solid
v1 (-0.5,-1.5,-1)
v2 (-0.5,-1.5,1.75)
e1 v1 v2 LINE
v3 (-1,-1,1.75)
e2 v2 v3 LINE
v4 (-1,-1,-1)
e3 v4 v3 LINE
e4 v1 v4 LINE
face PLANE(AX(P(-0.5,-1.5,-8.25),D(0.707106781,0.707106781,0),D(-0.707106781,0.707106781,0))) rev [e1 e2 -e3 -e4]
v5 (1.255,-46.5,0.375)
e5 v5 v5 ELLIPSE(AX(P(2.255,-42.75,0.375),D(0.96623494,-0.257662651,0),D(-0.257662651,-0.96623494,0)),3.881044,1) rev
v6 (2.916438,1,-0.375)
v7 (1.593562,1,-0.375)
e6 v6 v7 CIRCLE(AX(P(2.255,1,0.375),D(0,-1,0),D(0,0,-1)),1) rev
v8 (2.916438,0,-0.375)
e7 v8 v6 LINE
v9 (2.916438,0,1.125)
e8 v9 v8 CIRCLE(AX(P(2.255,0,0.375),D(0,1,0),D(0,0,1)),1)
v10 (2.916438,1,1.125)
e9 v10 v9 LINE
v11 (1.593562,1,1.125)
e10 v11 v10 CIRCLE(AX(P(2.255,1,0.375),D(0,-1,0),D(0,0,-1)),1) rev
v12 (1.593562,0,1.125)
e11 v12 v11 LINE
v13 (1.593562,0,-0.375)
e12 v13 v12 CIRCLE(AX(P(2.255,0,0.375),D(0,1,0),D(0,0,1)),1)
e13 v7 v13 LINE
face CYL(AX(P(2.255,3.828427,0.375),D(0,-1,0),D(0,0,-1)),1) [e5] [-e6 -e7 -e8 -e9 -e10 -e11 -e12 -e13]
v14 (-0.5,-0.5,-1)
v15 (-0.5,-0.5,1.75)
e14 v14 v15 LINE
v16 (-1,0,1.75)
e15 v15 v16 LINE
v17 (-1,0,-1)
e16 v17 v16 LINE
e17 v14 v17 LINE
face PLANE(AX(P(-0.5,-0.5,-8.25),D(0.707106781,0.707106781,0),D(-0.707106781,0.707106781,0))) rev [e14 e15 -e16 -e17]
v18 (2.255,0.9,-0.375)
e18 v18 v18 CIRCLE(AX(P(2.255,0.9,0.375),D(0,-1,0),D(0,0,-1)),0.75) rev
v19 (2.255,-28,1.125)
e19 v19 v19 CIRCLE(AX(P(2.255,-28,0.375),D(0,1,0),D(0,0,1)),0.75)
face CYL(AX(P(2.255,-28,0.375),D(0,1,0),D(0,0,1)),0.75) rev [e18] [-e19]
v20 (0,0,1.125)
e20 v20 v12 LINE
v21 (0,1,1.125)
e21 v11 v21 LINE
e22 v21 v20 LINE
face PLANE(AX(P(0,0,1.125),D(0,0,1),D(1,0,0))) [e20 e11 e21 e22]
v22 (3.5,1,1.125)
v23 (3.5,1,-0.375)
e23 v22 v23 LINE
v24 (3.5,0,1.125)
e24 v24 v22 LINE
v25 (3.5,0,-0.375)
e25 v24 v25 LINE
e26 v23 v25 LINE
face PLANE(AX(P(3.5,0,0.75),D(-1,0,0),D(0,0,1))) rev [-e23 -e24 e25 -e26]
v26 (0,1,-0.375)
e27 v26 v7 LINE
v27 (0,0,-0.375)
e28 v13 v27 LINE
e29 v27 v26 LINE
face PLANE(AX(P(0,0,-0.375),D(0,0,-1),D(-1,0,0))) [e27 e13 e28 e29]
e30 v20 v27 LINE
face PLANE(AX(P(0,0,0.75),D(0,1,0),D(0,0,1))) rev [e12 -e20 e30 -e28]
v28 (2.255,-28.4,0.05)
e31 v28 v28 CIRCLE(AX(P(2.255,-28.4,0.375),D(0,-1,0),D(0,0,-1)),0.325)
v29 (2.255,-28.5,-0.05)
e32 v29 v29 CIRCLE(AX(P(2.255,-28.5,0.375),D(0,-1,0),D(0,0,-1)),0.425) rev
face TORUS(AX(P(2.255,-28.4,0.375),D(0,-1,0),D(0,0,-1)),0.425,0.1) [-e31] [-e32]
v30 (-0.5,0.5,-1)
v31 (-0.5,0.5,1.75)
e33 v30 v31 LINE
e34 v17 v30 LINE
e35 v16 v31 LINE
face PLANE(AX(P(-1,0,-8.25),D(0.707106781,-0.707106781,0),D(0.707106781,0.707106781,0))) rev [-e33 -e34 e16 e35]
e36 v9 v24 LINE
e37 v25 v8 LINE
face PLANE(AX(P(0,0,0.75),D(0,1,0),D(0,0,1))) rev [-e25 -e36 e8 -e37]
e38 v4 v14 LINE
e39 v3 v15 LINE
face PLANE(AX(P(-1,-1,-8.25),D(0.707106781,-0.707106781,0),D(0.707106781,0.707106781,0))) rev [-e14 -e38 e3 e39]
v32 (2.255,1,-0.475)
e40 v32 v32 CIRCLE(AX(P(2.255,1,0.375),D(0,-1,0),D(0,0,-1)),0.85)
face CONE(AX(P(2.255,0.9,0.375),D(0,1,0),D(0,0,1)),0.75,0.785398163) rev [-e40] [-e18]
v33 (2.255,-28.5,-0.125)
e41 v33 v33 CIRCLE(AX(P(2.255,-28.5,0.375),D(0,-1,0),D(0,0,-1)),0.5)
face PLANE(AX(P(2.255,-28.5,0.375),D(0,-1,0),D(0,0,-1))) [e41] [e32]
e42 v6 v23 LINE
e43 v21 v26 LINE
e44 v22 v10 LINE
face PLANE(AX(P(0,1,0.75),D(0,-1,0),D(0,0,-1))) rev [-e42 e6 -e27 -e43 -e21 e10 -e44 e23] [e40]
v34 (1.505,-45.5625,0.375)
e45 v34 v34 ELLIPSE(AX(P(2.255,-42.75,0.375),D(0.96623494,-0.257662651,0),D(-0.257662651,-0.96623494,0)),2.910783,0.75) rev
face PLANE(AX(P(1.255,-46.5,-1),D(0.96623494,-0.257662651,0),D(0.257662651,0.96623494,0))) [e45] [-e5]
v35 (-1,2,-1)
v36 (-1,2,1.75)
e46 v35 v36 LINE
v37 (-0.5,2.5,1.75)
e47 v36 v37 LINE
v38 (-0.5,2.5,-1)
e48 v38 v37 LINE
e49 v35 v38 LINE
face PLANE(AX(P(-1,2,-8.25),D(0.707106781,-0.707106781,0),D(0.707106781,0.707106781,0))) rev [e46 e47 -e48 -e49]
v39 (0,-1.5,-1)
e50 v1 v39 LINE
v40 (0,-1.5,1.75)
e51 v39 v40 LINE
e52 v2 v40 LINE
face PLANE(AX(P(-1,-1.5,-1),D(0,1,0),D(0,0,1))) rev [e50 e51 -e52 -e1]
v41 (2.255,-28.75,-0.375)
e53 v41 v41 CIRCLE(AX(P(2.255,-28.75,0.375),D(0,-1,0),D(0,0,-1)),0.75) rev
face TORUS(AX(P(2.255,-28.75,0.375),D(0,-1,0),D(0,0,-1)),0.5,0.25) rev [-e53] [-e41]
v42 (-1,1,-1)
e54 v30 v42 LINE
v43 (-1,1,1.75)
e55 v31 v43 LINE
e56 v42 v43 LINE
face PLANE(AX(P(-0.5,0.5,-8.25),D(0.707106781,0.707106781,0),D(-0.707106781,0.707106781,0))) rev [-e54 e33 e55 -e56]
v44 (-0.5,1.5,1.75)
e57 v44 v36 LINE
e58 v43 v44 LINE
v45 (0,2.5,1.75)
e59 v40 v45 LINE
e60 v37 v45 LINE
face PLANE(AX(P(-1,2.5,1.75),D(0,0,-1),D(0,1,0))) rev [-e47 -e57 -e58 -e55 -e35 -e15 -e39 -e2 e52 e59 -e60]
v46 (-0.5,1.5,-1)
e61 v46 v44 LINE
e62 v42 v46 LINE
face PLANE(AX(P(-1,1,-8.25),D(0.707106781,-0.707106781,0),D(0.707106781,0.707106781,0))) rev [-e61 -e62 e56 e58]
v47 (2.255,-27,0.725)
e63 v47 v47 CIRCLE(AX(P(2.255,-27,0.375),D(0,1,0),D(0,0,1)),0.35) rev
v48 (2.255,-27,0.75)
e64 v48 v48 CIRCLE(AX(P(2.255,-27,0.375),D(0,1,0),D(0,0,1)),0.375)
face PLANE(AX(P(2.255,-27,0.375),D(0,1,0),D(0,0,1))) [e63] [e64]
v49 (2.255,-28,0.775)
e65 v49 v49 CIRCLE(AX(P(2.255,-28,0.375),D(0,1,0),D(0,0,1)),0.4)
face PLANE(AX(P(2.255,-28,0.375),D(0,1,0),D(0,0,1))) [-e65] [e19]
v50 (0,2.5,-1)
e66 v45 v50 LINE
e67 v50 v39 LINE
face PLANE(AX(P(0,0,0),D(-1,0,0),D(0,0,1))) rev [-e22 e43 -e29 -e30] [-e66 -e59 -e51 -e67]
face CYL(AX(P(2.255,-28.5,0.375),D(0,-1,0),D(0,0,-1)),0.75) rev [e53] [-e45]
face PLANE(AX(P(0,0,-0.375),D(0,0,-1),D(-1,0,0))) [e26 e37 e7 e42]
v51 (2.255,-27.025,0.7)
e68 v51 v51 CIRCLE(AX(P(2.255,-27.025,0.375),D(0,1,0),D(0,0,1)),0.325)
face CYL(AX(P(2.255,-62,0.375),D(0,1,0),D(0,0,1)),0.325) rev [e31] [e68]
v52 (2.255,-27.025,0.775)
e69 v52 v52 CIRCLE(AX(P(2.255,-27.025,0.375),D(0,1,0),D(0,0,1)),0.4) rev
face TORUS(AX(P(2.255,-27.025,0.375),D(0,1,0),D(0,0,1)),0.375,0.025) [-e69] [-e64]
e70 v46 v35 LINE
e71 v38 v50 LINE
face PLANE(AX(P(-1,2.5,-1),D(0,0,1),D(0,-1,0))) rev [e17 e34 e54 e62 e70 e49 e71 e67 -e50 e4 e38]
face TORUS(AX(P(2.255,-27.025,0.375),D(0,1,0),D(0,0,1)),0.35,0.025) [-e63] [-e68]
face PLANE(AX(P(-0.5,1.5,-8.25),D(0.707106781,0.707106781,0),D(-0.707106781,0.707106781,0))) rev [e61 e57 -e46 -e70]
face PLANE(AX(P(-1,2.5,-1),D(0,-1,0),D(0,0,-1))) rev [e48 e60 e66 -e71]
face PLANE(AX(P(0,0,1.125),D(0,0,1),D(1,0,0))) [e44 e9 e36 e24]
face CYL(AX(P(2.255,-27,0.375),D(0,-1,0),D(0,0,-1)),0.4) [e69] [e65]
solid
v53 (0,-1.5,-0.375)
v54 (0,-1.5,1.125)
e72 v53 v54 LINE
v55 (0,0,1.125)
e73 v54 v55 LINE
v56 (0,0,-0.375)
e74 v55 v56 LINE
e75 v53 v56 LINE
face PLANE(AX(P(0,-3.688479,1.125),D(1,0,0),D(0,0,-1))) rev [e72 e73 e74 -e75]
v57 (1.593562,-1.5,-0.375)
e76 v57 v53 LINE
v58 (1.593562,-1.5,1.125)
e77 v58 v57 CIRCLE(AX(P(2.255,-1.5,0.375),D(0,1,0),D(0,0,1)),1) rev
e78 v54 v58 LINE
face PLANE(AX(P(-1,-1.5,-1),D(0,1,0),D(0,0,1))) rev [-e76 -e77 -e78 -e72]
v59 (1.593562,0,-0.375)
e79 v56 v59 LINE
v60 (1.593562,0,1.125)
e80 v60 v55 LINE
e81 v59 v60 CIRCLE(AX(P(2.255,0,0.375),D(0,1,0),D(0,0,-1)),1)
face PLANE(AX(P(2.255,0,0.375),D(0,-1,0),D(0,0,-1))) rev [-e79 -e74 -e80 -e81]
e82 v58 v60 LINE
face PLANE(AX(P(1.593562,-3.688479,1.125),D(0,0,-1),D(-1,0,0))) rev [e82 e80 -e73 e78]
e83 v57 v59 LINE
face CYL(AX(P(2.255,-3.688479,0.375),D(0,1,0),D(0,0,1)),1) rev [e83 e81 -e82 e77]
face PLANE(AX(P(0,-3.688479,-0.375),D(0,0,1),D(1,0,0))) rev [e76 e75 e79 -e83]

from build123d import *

# Parameters (mm, degrees)
SKETCH1_W                = 3.5
SKETCH1_H                = 1
BOSS_EXTRUDE3_DEPTH      = 0.75
SKETCH4_R                = 1
BOSS_EXTRUDE5_DEPTH      = 46.5
BOSS_EXTRUDE5_DEPTH_BACK = 1
SKETCH5_R                = 0.75
CUT_EXTRUDE1_DEPTH       = 18
SKETCH6_W                = 2.75
SKETCH6_H                = 4
BOSS_EXTRUDE6_DEPTH      = 1
CUT_EXTRUDE2_DEPTH       = 10
CUT_EXTRUDE4_DEPTH       = 2.75
CUT_EXTRUDE4_DEPTH_BACK  = 2
SKETCH10_R               = 0.75
CUT_EXTRUDE5_DEPTH       = 29
SKETCH11_R               = 0.4
BOSS_EXTRUDE7_DEPTH      = 1
SKETCH12_R               = 0.325
CUT_EXTRUDE6_DEPTH       = 35
FILLET1_R                = 0.025
FILLET2_R                = 0.025
FILLET3_R                = 0.25
FILLET4_R                = 0.1
SKETCH13_W               = 0.317975189
SKETCH13_H               = 1
BOSS_EXTRUDE8_DEPTH      = 0.375
SKETCH14_W               = 0.317975189
SKETCH14_H               = 1
BOSS_EXTRUDE9_DEPTH      = 0.375
BOSS_EXTRUDE10_REACH     = 6.182
SKETCH15_W               = 0.375
SKETCH15_H               = 1
BOSS_EXTRUDE11_REACH     = 6.182
SKETCH16_W               = 0.375
SKETCH16_H               = 1
SKETCH17_W               = 1.327975189
SKETCH17_H               = 1
BOSS_EXTRUDE12_DEPTH     = 0.375
BOSS_EXTRUDE13_REACH     = 4.172
SKETCH18_W               = 0.375
SKETCH18_H               = 1
SKETCH19_W               = 1.327975189
SKETCH19_H               = 1
BOSS_EXTRUDE14_DEPTH     = 0.375
BOSS_EXTRUDE15_REACH     = 4.172
SKETCH20_W               = 0.375
SKETCH20_H               = 1
BOSS_EXTRUDE16_DEPTH     = 1.5
CHAMFER1_SIZE            = 0.1


with BuildPart() as part:
    # Sketch1 → Boss-Extrude3 (new body)
    with BuildSketch(Plane.XY):
        with Locations((1.75, 0.5)):
            Rectangle(SKETCH1_W, SKETCH1_H)
    extrude(amount=BOSS_EXTRUDE3_DEPTH)

    # Sketch4 → Boss-Extrude5 (add, two sides)
    with BuildSketch(Plane.XZ) as boss_extrude5_sk:
        with Locations((2.255, 0.375)):
            Circle(SKETCH4_R)
    extrude(amount=BOSS_EXTRUDE5_DEPTH)
    extrude(boss_extrude5_sk.sketch, amount=-BOSS_EXTRUDE5_DEPTH_BACK)

    # Sketch5 → Cut-Extrude1 (cut)
    with BuildSketch(Plane.XZ.offset(46.5)):
        with Locations((2.255, 0.375)):
            Circle(SKETCH5_R)
    extrude(amount=-CUT_EXTRUDE1_DEPTH, mode=Mode.SUBTRACT)

    # Sketch6 → Boss-Extrude6 (add)
    with BuildSketch(Plane.ZY):
        with Locations((0.375, 0.5)):
            Rectangle(SKETCH6_W, SKETCH6_H)
    extrude(amount=BOSS_EXTRUDE6_DEPTH)

    # Sketch7 → Cut-Extrude2 (cut)
    with BuildSketch(Plane.XY.offset(1.75)):
        Polygon((-0.5, 2.5), (-1.357587954, 2.5), (-1.357587954, -1.5), (-0.5, -1.5), (-1, -1), (-0.5, -0.5), (-1, 0), (-0.5, 0.5), (-1, 1), (-0.5, 1.5), (-1, 2), align=None)
    extrude(amount=-CUT_EXTRUDE2_DEPTH, mode=Mode.SUBTRACT)

    # Sketch8 → Cut-Extrude4 (cut, two sides)
    with BuildSketch(Plane.XY) as cut_extrude4_sk:
        Polygon((1.255, -46.5), (3.255, -39), (3.255, -46.5), align=None)
    extrude(amount=CUT_EXTRUDE4_DEPTH, mode=Mode.SUBTRACT)
    extrude(cut_extrude4_sk.sketch, amount=-CUT_EXTRUDE4_DEPTH_BACK, mode=Mode.SUBTRACT)

    # Sketch10 → Cut-Extrude5 (cut)
    with BuildSketch(Plane(origin=(0, 1, 0), x_dir=(1, 0, 0), z_dir=(0, 1, 0))):
        with Locations((2.255, -0.375)):
            Circle(SKETCH10_R)
    extrude(amount=-CUT_EXTRUDE5_DEPTH, mode=Mode.SUBTRACT)

    # Sketch11 → Boss-Extrude7 (add)
    with BuildSketch(Plane(origin=(0, -28, 0), x_dir=(1, 0, 0), z_dir=(0, 1, 0))):
        with Locations((2.255, -0.375)):
            Circle(SKETCH11_R)
    extrude(amount=BOSS_EXTRUDE7_DEPTH)

    # Sketch12 → Cut-Extrude6 (cut)
    with BuildSketch(Plane(origin=(0, -27, 0), x_dir=(1, 0, 0), z_dir=(0, 1, 0))):
        with Locations((2.255, -0.375)):
            Circle(SKETCH12_R)
    extrude(amount=-CUT_EXTRUDE6_DEPTH, mode=Mode.SUBTRACT)

    # Fillet1
    fillet1_edges = [part.edges().sort_by_distance(p)[0] for p in [
        (1.93, -27, 0.375),
    ]]
    fillet(fillet1_edges, radius=FILLET1_R)

    # Fillet2
    fillet2_edges = [part.edges().sort_by_distance(p)[0] for p in [
        (1.855, -27, 0.375),
    ]]
    fillet(fillet2_edges, radius=FILLET2_R)

    # Fillet3
    fillet3_edges = [part.edges().sort_by_distance(p)[0] for p in [
        (1.505, -28.5, 0.375),
    ]]
    fillet(fillet3_edges, radius=FILLET3_R)

    # Fillet4
    fillet4_edges = [part.edges().sort_by_distance(p)[0] for p in [
        (1.93, -28.5, 0.375),
    ]]
    fillet(fillet4_edges, radius=FILLET4_R)

    # Sketch13 → Boss-Extrude8 (add)
    with BuildSketch(Plane(origin=(0, 0, 0), x_dir=(-1, 0, 0), z_dir=(0, 0, -1))):
        with Locations((-3.341012405, 0.5)):
            Rectangle(SKETCH13_W, SKETCH13_H)
    extrude(amount=BOSS_EXTRUDE8_DEPTH)

    # Sketch14 → Boss-Extrude9 (add)
    with BuildSketch(Plane.XY.offset(0.75)):
        with Locations((3.341012405, 0.5)):
            Rectangle(SKETCH14_W, SKETCH14_H)
    extrude(amount=BOSS_EXTRUDE9_DEPTH)

    # Sketch15 → Boss-Extrude10 (add, up to next)
    with BuildSketch(Plane.ZY.offset(-3.182024811), mode=Mode.PRIVATE) as boss_extrude10_sk1:
        with Locations((-0.1875, 0.5)):
            Rectangle(SKETCH15_W, SKETCH15_H)
    boss_extrude10_tool1 = extrude(boss_extrude10_sk1.sketch, amount=BOSS_EXTRUDE10_REACH, mode=Mode.PRIVATE) - part.part
    add(boss_extrude10_tool1.solids().sort_by_distance((3.182025, 0.5, -0.1875))[0])

    # Sketch16 → Boss-Extrude11 (add, up to next)
    with BuildSketch(Plane.ZY.offset(-3.182024811), mode=Mode.PRIVATE) as boss_extrude11_sk1:
        with Locations((0.9375, 0.5)):
            Rectangle(SKETCH16_W, SKETCH16_H)
    boss_extrude11_tool1 = extrude(boss_extrude11_sk1.sketch, amount=BOSS_EXTRUDE11_REACH, mode=Mode.PRIVATE) - part.part
    add(boss_extrude11_tool1.solids().sort_by_distance((3.182025, 0.5, 0.9375))[0])

    # Sketch17 → Boss-Extrude12 (add)
    with BuildSketch(Plane.XY.offset(0.75)):
        with Locations((0.663987595, 0.5)):
            Rectangle(SKETCH17_W, SKETCH17_H)
    extrude(amount=BOSS_EXTRUDE12_DEPTH)

    # Sketch18 → Boss-Extrude13 (add, up to next)
    with BuildSketch(Plane(origin=(1.327975189, 0, 0), x_dir=(0, 0, -1), z_dir=(1, 0, 0)), mode=Mode.PRIVATE) as boss_extrude13_sk1:
        with Locations((-0.9375, 0.5)):
            Rectangle(SKETCH18_W, SKETCH18_H)
    boss_extrude13_tool1 = extrude(boss_extrude13_sk1.sketch, amount=BOSS_EXTRUDE13_REACH, mode=Mode.PRIVATE) - part.part
    add(boss_extrude13_tool1.solids().sort_by_distance((1.327975, 0.5, 0.9375))[0])

    # Sketch19 → Boss-Extrude14 (add)
    with BuildSketch(Plane(origin=(0, 0, 0), x_dir=(-1, 0, 0), z_dir=(0, 0, -1))):
        with Locations((-0.663987595, 0.5)):
            Rectangle(SKETCH19_W, SKETCH19_H)
    extrude(amount=BOSS_EXTRUDE14_DEPTH)

    # Sketch20 → Boss-Extrude15 (add, up to next)
    with BuildSketch(Plane(origin=(1.327975189, 0, 0), x_dir=(0, 0, -1), z_dir=(1, 0, 0)), mode=Mode.PRIVATE) as boss_extrude15_sk1:
        with Locations((0.1875, 0.5)):
            Rectangle(SKETCH20_W, SKETCH20_H)
    boss_extrude15_tool1 = extrude(boss_extrude15_sk1.sketch, amount=BOSS_EXTRUDE15_REACH, mode=Mode.PRIVATE) - part.part
    add(boss_extrude15_tool1.solids().sort_by_distance((1.327975, 0.5, -0.1875))[0])

    # Chamfer1
    chamfer1_edges = [part.edges().sort_by_distance(p)[0] for p in [
        (1.505, 1, 0.375),
    ]]
    chamfer(chamfer1_edges, length=CHAMFER1_SIZE)


with BuildPart() as body_2:
    # Sketch21 → Boss-Extrude16 (new body)
    with BuildSketch(Plane.XZ):
        with BuildLine():
            Line((0, 1.125), (0, -0.375))
            Line((0, -0.375), (1.593562172, -0.375))
            ThreePointArc((1.593562172, -0.375), (1.255, 0.375), (1.593562172, 1.125))
            Line((1.593562172, 1.125), (0, 1.125))
        make_face()
    extrude(amount=BOSS_EXTRUDE16_DEPTH)


solid = Compound([part.part, body_2.part])
